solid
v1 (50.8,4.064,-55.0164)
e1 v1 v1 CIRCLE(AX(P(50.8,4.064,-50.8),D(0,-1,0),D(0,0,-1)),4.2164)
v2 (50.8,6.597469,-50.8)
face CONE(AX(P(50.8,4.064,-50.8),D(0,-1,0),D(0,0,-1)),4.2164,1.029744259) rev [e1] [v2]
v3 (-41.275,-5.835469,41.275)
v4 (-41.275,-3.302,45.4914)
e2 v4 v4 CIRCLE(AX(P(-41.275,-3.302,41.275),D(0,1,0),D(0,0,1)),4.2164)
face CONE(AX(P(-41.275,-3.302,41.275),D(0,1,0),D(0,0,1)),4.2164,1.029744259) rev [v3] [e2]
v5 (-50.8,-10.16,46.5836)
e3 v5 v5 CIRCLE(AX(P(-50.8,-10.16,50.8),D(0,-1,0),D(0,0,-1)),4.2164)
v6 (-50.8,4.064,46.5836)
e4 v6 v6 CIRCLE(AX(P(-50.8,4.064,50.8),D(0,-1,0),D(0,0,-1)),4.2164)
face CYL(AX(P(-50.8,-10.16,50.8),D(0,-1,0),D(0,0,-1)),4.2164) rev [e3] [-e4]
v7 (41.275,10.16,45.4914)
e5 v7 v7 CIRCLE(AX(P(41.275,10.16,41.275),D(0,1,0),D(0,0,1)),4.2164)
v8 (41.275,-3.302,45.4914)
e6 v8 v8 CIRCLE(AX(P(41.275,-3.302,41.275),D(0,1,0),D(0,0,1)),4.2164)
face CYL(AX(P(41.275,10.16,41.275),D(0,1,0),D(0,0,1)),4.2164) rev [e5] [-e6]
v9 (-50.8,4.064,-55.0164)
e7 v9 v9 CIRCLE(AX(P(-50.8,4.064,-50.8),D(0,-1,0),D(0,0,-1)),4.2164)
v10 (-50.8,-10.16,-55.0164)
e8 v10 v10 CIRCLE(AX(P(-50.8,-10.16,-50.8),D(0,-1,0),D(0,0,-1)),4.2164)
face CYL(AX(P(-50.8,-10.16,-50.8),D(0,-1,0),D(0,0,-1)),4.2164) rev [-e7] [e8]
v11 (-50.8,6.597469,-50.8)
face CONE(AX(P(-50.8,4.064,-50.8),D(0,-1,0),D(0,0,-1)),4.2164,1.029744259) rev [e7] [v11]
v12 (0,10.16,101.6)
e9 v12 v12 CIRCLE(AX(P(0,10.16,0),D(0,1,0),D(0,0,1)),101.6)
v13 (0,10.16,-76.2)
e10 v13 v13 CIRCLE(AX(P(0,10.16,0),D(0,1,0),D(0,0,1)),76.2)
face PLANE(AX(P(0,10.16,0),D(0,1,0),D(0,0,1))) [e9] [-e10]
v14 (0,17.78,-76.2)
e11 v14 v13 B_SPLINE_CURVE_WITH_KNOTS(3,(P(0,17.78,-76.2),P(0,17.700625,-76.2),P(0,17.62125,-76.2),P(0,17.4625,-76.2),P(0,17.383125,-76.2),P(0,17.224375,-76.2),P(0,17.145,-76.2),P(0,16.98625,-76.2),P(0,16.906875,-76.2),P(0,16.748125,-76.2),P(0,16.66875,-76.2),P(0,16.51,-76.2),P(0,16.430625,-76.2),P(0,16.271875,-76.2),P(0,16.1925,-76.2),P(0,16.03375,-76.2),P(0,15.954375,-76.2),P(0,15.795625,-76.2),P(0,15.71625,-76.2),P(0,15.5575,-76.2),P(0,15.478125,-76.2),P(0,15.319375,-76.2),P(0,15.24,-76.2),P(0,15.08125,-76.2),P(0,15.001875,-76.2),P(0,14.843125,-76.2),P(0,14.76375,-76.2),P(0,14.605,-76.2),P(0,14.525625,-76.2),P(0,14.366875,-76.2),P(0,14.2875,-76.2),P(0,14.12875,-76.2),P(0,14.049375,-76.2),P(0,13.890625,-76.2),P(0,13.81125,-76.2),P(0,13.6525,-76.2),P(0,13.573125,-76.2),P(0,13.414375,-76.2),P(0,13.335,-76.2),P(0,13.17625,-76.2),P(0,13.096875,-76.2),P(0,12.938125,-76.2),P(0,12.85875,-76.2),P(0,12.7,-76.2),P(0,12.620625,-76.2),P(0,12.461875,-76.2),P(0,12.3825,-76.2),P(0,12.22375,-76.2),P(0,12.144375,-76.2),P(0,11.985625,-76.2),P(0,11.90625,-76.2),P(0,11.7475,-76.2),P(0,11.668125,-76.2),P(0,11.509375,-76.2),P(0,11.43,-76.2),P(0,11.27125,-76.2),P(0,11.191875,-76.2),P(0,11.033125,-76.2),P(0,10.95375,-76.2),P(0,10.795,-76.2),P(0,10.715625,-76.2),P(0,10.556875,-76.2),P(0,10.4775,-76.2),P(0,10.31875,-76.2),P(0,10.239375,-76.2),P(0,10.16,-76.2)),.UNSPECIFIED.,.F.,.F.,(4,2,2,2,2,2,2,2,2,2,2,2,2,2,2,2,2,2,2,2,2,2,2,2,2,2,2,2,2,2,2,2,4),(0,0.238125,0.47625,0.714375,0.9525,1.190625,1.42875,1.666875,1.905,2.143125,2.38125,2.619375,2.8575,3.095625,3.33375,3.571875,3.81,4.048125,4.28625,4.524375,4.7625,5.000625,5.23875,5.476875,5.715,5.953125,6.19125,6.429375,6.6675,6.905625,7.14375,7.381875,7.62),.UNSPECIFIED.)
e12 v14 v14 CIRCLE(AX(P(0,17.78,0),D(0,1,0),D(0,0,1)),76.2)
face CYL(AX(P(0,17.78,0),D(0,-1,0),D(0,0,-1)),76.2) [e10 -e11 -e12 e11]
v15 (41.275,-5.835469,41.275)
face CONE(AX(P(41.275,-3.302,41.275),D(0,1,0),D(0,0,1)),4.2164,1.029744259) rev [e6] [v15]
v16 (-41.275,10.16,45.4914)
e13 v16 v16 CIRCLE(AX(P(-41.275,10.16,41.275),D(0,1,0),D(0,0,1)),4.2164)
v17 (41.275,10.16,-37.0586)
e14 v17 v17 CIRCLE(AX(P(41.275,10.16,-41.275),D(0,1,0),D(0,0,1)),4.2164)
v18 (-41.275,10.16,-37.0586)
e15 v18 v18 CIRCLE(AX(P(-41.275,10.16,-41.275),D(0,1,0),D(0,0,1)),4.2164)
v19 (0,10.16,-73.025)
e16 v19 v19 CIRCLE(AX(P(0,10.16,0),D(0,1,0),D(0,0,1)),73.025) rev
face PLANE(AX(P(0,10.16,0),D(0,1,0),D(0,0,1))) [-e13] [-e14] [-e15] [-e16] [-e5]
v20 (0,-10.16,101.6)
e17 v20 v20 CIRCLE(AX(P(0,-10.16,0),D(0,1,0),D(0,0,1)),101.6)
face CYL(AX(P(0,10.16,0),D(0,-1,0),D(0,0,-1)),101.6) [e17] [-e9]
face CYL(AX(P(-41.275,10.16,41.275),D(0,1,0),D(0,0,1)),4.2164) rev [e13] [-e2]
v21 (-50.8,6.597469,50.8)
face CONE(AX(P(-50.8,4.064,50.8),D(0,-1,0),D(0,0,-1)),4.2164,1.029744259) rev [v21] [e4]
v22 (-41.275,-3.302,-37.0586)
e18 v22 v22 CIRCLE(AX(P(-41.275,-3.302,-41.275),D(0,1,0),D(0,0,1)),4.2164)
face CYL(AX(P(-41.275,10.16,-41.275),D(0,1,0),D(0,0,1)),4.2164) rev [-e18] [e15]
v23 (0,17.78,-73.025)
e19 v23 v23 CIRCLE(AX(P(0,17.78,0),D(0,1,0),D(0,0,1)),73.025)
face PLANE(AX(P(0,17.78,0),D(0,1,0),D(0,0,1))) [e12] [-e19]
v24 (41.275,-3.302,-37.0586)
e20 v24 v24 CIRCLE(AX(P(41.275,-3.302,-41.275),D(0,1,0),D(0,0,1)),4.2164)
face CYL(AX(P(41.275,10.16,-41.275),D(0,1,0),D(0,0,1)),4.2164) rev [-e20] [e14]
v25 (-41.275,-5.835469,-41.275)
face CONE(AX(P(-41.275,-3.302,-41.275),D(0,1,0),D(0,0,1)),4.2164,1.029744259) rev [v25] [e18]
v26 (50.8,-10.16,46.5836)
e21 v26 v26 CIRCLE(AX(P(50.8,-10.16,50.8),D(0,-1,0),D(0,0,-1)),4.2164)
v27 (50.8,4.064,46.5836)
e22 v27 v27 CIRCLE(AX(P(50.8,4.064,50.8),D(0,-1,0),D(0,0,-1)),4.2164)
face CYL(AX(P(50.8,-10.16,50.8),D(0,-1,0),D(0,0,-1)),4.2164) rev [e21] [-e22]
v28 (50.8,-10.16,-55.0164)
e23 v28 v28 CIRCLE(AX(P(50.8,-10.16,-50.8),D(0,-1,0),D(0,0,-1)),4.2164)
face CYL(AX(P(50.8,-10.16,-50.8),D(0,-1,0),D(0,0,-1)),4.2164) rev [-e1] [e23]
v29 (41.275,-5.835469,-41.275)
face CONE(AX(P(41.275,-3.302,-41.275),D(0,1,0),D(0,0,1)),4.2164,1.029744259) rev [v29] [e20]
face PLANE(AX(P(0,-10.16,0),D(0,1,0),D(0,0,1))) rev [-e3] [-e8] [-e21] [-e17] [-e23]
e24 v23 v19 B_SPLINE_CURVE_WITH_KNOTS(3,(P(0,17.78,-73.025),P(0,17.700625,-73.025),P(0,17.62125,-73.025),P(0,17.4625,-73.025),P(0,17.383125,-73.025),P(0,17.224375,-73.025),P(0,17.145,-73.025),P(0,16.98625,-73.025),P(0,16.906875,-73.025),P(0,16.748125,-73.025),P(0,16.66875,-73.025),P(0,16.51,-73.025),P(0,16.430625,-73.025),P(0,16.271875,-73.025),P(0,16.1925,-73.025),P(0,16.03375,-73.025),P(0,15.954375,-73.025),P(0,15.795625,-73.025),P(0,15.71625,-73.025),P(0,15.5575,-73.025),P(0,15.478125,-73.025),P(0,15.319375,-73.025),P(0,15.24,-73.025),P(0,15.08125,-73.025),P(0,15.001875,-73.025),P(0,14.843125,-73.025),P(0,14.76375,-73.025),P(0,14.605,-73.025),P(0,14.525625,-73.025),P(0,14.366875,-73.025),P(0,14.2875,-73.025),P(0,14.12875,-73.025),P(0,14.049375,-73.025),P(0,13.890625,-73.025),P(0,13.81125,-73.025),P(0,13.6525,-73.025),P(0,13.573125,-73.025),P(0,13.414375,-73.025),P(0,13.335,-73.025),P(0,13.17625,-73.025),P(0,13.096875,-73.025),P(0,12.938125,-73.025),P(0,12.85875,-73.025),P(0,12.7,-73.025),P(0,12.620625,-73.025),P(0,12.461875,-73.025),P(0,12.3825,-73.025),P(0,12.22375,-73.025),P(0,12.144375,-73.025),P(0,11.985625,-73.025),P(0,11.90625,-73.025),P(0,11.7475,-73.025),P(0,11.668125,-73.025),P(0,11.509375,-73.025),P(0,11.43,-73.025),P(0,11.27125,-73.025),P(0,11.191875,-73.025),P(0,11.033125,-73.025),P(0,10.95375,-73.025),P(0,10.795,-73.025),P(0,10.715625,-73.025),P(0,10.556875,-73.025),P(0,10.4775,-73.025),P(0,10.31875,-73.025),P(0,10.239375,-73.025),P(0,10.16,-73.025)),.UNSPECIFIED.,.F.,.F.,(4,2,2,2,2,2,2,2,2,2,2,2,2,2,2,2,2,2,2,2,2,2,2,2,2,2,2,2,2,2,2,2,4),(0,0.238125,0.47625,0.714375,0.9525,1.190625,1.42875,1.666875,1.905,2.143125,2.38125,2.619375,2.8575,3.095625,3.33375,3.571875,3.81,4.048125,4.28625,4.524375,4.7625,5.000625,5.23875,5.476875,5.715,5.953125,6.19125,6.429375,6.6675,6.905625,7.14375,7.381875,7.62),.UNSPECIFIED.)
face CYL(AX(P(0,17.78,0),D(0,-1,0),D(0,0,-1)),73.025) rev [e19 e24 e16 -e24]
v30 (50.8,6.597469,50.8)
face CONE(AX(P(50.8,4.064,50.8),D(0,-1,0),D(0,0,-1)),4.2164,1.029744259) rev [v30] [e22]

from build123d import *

# Parameters (mm, degrees)
SKETCH1_R                   = 101.6
BOSS_EXTRUDE1_DEPTH         = 10.16
F_3_8_24_TAPPED_HOLE2_D     = 8.4328
F_3_8_24_TAPPED_HOLE2_DEPTH = 13.462
F_3_8_24_TAPPED_HOLE2_TIP   = 2.533468714
F_3_8_24_TAPPED_HOLE1_D     = 8.4328
F_3_8_24_TAPPED_HOLE1_DEPTH = 14.224
F_3_8_24_TAPPED_HOLE1_TIP   = 2.533468714
SKETCH2_R                   = 76.2
SKETCH2_R_2                 = 73.025
BOSS_EXTRUDE2_DEPTH         = 7.62


with BuildPart() as part:
    # Sketch1 → Boss-Extrude1 (new, symmetric)
    with BuildSketch(Plane(origin=(0, 0, 0), x_dir=(1, 0, 0), z_dir=(0, 1, 0))):
        with Locations(Location((0, 0, 0), (0, 0, 270))):
            Circle(SKETCH1_R)
    extrude(amount=BOSS_EXTRUDE1_DEPTH, both=True)

    # 3/8-24 Tapped Hole2
    with Locations(Plane(origin=(0, 10.16, 0), x_dir=(1, 0, 0), z_dir=(0, 1, 0))):
        with Locations((-41.275, 41.275), (41.275, 41.275), (41.275, -41.275), (-41.275, -41.275)):
            Hole(F_3_8_24_TAPPED_HOLE2_D / 2, depth=F_3_8_24_TAPPED_HOLE2_DEPTH)
            with Locations((0, 0, -(F_3_8_24_TAPPED_HOLE2_DEPTH + F_3_8_24_TAPPED_HOLE2_TIP / 2))):  # 118° drill point
                Cone(0, F_3_8_24_TAPPED_HOLE2_D / 2, F_3_8_24_TAPPED_HOLE2_TIP, mode=Mode.SUBTRACT)

    # 3/8-24 Tapped Hole1
    with Locations(Plane(origin=(0, -10.16, 0), x_dir=(-1, 0, 0), z_dir=(0, -1, 0))):
        with Locations((50.8, -50.8), (-50.8, -50.8), (-50.8, 50.8), (50.8, 50.8)):
            Hole(F_3_8_24_TAPPED_HOLE1_D / 2, depth=F_3_8_24_TAPPED_HOLE1_DEPTH)
            with Locations((0, 0, -(F_3_8_24_TAPPED_HOLE1_DEPTH + F_3_8_24_TAPPED_HOLE1_TIP / 2))):  # 118° drill point
                Cone(0, F_3_8_24_TAPPED_HOLE1_D / 2, F_3_8_24_TAPPED_HOLE1_TIP, mode=Mode.SUBTRACT)

    # Sketch2 → Boss-Extrude2 (add)
    with BuildSketch(Plane(origin=(0, 10.16, 0), x_dir=(1, 0, 0), z_dir=(0, 1, 0))):
        with Locations(Location((0, 0, 0), (0, 0, 90))):
            Circle(SKETCH2_R)
        with Locations(Location((0, 0, 0), (0, 0, 90))):
            Circle(SKETCH2_R_2, mode=Mode.SUBTRACT)
    extrude(amount=BOSS_EXTRUDE2_DEPTH)


solid = part.part
